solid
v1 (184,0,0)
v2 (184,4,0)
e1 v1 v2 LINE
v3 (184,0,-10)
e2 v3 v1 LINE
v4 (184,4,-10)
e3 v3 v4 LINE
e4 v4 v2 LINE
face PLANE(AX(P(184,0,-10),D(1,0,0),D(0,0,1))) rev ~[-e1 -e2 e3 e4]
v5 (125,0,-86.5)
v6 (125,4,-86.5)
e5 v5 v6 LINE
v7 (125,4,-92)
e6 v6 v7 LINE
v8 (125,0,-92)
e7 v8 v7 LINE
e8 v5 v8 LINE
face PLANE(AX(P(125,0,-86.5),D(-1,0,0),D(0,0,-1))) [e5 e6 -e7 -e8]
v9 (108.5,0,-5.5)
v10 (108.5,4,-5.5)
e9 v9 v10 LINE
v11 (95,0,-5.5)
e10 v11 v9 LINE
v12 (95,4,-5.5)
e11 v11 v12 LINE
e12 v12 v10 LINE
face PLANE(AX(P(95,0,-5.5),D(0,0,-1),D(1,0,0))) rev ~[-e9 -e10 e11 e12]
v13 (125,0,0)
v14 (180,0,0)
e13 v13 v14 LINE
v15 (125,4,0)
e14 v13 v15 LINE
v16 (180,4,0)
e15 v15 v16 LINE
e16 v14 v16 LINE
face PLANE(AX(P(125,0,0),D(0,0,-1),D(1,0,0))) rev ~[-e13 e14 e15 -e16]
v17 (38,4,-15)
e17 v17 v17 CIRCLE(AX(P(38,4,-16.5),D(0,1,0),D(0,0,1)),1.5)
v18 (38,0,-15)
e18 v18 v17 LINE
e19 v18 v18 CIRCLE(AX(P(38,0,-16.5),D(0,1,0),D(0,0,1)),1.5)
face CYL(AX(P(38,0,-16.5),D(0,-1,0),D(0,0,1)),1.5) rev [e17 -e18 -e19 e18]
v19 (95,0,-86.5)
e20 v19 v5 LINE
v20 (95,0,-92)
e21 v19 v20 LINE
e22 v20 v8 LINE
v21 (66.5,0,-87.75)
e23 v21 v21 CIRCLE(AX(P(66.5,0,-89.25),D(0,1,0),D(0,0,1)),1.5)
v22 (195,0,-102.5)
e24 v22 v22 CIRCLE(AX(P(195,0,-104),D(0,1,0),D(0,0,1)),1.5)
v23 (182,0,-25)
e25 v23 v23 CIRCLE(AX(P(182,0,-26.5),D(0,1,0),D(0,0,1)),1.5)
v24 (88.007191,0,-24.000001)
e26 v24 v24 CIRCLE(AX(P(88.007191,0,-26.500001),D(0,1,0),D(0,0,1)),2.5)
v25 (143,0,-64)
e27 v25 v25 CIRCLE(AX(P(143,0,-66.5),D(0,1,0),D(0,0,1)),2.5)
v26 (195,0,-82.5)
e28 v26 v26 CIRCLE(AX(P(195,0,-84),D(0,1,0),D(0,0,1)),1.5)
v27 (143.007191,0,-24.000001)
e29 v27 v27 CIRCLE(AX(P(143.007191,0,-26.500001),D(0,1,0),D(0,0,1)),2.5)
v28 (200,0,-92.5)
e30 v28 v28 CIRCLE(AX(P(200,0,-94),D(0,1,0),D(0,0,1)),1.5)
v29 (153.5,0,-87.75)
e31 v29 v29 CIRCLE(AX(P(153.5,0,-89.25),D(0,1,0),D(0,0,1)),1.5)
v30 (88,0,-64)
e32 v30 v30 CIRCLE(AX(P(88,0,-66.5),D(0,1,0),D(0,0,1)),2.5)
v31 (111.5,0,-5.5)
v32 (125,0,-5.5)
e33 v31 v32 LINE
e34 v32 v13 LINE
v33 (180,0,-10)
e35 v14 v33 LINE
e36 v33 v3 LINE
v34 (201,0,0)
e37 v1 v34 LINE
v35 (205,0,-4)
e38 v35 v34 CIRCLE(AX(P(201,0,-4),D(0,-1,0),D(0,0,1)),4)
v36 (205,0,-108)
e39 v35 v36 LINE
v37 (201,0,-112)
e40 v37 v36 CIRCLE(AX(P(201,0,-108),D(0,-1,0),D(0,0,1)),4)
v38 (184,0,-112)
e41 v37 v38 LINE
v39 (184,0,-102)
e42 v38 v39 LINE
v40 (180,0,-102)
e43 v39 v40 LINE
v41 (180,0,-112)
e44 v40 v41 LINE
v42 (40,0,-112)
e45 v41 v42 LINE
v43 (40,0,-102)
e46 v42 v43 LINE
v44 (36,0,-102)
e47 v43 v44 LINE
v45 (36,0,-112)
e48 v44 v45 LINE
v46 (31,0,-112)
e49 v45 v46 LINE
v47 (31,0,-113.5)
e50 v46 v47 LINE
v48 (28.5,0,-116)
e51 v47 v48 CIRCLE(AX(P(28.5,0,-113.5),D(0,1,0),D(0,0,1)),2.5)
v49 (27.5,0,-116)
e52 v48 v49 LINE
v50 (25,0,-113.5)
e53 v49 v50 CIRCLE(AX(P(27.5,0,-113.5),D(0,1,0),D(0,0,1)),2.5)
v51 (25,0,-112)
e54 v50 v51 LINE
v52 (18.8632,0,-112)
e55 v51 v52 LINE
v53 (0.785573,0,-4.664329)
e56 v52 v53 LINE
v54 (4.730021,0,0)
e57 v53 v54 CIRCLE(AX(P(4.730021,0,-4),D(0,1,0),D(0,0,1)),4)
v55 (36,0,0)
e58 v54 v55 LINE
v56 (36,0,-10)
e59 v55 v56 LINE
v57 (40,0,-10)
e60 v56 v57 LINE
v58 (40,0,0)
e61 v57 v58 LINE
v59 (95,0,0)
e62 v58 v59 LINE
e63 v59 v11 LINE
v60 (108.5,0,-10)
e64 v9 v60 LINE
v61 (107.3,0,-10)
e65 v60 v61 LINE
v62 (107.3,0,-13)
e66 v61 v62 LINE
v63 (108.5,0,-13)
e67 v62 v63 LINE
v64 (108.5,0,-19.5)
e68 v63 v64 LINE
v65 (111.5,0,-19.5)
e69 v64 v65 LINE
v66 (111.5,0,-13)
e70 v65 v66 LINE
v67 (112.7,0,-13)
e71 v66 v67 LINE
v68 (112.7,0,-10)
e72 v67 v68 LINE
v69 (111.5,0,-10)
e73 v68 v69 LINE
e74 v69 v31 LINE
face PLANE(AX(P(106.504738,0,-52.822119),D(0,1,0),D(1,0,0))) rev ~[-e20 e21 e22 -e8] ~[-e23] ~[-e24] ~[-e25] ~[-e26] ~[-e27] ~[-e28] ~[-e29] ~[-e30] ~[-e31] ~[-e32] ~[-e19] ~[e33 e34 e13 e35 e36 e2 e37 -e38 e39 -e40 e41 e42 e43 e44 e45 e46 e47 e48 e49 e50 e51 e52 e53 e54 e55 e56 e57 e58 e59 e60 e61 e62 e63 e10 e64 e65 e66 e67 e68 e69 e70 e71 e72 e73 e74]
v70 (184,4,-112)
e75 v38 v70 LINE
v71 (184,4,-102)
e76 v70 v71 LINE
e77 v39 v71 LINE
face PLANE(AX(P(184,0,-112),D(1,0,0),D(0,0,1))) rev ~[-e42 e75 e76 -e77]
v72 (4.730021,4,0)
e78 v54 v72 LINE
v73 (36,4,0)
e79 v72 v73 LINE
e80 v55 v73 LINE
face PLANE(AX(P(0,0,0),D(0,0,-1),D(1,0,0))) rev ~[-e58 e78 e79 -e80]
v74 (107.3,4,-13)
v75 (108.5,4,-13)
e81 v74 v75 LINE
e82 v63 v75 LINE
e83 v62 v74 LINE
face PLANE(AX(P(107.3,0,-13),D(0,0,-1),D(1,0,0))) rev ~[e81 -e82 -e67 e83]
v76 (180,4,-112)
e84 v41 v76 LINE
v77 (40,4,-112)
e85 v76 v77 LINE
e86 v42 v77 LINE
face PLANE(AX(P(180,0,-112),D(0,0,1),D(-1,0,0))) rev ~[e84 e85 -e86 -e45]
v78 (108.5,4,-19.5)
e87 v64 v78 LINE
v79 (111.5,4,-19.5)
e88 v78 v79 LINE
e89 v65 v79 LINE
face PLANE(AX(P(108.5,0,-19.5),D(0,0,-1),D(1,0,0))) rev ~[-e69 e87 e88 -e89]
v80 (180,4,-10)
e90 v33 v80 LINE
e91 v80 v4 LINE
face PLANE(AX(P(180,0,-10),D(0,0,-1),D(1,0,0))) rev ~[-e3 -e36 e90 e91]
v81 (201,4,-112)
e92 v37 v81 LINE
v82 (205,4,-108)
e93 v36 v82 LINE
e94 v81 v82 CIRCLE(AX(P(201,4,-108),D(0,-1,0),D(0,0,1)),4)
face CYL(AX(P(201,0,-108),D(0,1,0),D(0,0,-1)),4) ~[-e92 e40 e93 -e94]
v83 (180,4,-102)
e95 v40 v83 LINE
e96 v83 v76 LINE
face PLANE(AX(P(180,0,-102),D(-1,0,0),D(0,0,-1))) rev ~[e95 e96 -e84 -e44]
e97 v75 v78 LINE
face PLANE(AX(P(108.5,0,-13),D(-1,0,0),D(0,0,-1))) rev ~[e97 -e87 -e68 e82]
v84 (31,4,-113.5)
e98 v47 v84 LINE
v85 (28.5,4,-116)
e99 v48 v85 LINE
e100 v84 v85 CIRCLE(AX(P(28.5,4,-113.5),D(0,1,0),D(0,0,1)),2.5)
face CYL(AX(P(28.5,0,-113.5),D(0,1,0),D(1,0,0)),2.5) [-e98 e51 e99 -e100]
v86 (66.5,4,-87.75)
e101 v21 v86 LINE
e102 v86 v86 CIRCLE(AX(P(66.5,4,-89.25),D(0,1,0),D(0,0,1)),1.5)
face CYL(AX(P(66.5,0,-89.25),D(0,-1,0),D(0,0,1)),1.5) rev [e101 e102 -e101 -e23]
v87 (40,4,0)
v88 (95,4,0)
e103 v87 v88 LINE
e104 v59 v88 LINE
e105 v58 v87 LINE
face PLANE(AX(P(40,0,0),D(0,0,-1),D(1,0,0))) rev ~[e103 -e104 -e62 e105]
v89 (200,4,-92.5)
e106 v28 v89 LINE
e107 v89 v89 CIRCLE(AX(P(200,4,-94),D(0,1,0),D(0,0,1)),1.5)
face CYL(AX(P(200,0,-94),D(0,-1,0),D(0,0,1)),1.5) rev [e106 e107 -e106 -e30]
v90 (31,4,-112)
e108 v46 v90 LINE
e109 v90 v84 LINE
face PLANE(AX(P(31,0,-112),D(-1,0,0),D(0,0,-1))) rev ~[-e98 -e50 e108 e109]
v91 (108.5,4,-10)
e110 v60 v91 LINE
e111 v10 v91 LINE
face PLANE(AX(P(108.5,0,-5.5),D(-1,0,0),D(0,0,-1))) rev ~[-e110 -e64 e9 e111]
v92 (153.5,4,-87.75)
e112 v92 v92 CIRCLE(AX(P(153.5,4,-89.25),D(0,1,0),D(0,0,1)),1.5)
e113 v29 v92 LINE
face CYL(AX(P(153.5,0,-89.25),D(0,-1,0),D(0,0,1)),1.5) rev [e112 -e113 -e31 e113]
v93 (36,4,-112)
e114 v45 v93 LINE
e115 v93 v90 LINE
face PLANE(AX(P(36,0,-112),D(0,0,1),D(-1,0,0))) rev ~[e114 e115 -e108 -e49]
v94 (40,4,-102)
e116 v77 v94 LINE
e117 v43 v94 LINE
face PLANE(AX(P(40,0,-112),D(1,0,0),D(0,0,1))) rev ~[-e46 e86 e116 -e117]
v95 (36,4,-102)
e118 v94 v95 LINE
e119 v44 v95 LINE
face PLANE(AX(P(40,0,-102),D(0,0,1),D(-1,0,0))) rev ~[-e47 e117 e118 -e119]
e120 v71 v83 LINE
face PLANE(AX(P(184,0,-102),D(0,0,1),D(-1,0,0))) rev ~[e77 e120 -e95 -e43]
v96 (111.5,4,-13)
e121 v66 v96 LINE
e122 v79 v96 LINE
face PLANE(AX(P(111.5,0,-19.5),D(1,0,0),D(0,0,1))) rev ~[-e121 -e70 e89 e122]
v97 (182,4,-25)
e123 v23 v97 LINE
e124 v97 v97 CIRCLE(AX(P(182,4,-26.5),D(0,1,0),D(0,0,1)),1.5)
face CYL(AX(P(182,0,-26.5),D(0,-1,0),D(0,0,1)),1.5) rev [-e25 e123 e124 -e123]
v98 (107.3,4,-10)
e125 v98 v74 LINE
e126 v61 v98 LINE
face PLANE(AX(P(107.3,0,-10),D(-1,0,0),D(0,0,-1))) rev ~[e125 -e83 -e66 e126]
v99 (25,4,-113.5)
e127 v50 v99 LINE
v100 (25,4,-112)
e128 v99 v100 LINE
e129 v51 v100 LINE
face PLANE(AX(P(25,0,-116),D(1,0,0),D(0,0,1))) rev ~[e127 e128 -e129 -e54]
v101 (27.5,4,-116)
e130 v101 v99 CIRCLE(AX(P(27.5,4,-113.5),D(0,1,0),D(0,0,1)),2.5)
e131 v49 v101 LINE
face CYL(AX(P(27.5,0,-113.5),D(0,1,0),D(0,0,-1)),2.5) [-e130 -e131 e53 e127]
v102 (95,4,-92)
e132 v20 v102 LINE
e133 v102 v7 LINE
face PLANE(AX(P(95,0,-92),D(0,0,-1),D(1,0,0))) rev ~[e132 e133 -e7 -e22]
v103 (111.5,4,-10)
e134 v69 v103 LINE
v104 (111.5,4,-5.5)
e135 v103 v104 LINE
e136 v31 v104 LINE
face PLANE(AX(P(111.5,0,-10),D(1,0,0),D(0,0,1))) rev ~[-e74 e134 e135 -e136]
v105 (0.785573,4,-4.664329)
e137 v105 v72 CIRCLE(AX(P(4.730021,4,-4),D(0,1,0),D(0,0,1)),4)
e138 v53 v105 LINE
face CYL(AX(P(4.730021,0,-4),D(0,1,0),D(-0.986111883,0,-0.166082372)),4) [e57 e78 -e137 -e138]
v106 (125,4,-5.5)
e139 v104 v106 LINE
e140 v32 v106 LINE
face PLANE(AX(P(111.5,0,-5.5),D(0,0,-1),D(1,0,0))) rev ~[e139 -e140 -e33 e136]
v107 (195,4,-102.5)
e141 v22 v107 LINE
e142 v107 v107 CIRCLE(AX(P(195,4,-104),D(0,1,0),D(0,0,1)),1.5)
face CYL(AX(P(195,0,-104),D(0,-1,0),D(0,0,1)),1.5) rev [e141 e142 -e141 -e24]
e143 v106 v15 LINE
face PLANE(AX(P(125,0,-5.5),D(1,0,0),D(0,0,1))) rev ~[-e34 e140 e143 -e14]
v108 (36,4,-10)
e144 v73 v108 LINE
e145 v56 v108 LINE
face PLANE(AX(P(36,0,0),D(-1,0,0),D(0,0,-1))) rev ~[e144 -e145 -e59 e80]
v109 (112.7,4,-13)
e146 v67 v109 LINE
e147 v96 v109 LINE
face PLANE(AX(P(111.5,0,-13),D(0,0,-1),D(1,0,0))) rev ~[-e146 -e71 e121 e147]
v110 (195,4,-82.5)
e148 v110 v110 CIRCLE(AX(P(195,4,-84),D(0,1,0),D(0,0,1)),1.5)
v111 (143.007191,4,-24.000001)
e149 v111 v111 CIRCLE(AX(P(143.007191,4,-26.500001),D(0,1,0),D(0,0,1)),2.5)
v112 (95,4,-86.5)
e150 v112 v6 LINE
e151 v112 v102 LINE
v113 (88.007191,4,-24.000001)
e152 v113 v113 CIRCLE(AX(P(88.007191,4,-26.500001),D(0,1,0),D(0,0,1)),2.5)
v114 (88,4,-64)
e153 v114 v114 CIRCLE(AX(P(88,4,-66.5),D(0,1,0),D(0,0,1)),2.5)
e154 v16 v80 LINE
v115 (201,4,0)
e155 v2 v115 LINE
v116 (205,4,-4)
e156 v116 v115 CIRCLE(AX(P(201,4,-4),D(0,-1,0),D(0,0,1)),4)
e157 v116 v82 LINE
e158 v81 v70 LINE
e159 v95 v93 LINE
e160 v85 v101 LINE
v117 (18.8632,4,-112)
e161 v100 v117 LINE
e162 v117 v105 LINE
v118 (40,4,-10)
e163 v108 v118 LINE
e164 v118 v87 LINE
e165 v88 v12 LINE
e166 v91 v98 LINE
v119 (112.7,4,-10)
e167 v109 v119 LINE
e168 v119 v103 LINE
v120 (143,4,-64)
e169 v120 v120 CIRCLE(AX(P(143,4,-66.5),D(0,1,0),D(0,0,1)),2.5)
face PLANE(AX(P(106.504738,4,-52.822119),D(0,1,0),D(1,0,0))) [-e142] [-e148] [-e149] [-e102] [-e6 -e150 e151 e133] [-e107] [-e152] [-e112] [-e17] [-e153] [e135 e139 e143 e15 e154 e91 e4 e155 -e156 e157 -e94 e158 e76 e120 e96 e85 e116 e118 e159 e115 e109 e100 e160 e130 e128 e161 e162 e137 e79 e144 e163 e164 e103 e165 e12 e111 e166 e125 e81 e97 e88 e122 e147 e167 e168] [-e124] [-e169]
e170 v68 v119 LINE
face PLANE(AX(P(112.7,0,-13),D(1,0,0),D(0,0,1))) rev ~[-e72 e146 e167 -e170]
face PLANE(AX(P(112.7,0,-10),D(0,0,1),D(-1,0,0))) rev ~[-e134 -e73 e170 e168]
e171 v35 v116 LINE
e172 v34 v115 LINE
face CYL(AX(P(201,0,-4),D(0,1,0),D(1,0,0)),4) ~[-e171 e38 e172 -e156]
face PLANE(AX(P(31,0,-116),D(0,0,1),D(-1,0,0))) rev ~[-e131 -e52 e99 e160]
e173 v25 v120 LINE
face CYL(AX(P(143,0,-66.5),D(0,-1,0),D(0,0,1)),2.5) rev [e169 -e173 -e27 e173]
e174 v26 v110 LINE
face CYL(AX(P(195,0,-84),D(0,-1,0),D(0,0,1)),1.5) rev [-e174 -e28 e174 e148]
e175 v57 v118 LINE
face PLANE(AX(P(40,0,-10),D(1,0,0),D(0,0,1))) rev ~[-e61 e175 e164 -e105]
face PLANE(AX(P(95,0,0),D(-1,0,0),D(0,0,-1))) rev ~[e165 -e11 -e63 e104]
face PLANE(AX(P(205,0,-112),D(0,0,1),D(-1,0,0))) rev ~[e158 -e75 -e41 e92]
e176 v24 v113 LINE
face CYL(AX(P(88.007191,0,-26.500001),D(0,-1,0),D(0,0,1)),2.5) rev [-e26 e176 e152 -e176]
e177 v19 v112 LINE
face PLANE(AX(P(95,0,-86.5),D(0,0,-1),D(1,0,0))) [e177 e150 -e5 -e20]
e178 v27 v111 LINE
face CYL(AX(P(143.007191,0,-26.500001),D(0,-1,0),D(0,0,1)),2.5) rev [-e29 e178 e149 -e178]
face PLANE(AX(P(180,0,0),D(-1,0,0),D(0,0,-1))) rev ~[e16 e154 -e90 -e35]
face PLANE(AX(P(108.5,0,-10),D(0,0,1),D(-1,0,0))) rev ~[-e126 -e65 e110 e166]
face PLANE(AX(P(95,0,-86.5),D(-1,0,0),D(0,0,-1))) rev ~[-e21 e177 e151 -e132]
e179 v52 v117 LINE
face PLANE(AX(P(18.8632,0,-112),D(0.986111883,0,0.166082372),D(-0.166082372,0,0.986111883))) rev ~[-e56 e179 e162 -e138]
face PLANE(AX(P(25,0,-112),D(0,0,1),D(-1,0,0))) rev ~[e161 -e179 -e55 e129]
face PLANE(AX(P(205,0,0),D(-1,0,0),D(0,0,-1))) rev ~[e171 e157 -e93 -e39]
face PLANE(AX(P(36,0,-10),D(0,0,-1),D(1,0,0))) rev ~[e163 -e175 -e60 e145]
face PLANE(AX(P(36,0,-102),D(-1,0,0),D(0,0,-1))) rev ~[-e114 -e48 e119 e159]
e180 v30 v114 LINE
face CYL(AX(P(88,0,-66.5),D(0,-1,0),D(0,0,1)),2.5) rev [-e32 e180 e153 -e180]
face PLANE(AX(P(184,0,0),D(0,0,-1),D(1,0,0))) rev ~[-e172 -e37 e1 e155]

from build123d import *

# Parameters (mm, degrees)
SKETCH1_R           = 1.5
SKETCH1_R_2         = 2.5
SKETCH1_W           = 30
SKETCH1_H           = 5.5
BOSS_EXTRUDE1_DEPTH = 4
FILLET1_R           = 4
FILLET3_R           = 4
FILLET4_R           = 4
FILLET5_R           = 2.5


with BuildPart() as part:
    # Sketch1 → Boss-Extrude1 (new body)
    with BuildSketch(Plane(origin=(0, 0, 0), x_dir=(1, 0, 0), z_dir=(0, 1, 0))):
        Polygon((158.5, 0), (180, 0), (180, 10), (184, 10), (184, 0), (205, 0), (205, 112), (184, 112), (184, 102), (180, 102), (180, 112), (40, 112), (40, 102), (36, 102), (36, 112), (31, 112), (31, 116), (25, 116), (25, 112), (18.8632, 112), (0, 0), (36, 0), (36, 10), (40, 10), (40, 0), (95, 0), (95, 5.5), (108.5, 5.5), (108.5, 10), (107.3, 10), (107.3, 13), (108.5, 13), (108.5, 19.5), (111.5, 19.5), (111.5, 13), (112.7, 13), (112.7, 10), (111.5, 10), (111.5, 5.5), (125, 5.5), (125, 0), (155.5, 0), align=None)
        with Locations(Location((153.5, 89.25, 0), (0, 0, 270))):
            Circle(SKETCH1_R, mode=Mode.SUBTRACT)
        with Locations(Location((66.5, 89.25, 0), (0, 0, 270))):
            Circle(SKETCH1_R, mode=Mode.SUBTRACT)
        with Locations(Location((88, 66.5, 0), (0, 0, 270))):
            Circle(SKETCH1_R_2, mode=Mode.SUBTRACT)
        with Locations(Location((88.007190659, 26.500000646, 0), (0, 0, 270))):
            Circle(SKETCH1_R_2, mode=Mode.SUBTRACT)
        with Locations(Location((143, 66.5, 0), (0, 0, 270))):
            Circle(SKETCH1_R_2, mode=Mode.SUBTRACT)
        with Locations(Location((143.007190659, 26.500000646, 0), (0, 0, 270))):
            Circle(SKETCH1_R_2, mode=Mode.SUBTRACT)
        with Locations(Location((195, 104, 0), (0, 0, 270))):
            Circle(SKETCH1_R, mode=Mode.SUBTRACT)
        with Locations(Location((195, 84, 0), (0, 0, 270))):
            Circle(SKETCH1_R, mode=Mode.SUBTRACT)
        with Locations(Location((200, 94, 0), (0, 0, 270))):
            Circle(SKETCH1_R, mode=Mode.SUBTRACT)
        with Locations(Location((182, 26.5, 0), (0, 0, 270))):
            Circle(SKETCH1_R, mode=Mode.SUBTRACT)
        with Locations(Location((38, 16.5, 0), (0, 0, 270))):
            Circle(SKETCH1_R, mode=Mode.SUBTRACT)
        with Locations((110, 89.25)):
            Rectangle(SKETCH1_W, SKETCH1_H, mode=Mode.SUBTRACT)
    extrude(amount=BOSS_EXTRUDE1_DEPTH)

    # Fillet1
    fillet1_edges = [part.edges().sort_by_distance(p)[0] for p in [
        (0, 2, 0),
    ]]
    fillet(fillet1_edges, radius=FILLET1_R)

    # Fillet3
    fillet3_edges = [part.edges().sort_by_distance(p)[0] for p in [
        (205, 2, -112),
    ]]
    fillet(fillet3_edges, radius=FILLET3_R)

    # Fillet4
    fillet4_edges = [part.edges().sort_by_distance(p)[0] for p in [
        (205, 2, 0),
    ]]
    fillet(fillet4_edges, radius=FILLET4_R)

    # Fillet5
    fillet5_edges = [part.edges().sort_by_distance(p)[0] for p in [
        (25, 2, -116),
        (31, 2, -116),
    ]]
    fillet(fillet5_edges, radius=FILLET5_R)


solid = part.part
